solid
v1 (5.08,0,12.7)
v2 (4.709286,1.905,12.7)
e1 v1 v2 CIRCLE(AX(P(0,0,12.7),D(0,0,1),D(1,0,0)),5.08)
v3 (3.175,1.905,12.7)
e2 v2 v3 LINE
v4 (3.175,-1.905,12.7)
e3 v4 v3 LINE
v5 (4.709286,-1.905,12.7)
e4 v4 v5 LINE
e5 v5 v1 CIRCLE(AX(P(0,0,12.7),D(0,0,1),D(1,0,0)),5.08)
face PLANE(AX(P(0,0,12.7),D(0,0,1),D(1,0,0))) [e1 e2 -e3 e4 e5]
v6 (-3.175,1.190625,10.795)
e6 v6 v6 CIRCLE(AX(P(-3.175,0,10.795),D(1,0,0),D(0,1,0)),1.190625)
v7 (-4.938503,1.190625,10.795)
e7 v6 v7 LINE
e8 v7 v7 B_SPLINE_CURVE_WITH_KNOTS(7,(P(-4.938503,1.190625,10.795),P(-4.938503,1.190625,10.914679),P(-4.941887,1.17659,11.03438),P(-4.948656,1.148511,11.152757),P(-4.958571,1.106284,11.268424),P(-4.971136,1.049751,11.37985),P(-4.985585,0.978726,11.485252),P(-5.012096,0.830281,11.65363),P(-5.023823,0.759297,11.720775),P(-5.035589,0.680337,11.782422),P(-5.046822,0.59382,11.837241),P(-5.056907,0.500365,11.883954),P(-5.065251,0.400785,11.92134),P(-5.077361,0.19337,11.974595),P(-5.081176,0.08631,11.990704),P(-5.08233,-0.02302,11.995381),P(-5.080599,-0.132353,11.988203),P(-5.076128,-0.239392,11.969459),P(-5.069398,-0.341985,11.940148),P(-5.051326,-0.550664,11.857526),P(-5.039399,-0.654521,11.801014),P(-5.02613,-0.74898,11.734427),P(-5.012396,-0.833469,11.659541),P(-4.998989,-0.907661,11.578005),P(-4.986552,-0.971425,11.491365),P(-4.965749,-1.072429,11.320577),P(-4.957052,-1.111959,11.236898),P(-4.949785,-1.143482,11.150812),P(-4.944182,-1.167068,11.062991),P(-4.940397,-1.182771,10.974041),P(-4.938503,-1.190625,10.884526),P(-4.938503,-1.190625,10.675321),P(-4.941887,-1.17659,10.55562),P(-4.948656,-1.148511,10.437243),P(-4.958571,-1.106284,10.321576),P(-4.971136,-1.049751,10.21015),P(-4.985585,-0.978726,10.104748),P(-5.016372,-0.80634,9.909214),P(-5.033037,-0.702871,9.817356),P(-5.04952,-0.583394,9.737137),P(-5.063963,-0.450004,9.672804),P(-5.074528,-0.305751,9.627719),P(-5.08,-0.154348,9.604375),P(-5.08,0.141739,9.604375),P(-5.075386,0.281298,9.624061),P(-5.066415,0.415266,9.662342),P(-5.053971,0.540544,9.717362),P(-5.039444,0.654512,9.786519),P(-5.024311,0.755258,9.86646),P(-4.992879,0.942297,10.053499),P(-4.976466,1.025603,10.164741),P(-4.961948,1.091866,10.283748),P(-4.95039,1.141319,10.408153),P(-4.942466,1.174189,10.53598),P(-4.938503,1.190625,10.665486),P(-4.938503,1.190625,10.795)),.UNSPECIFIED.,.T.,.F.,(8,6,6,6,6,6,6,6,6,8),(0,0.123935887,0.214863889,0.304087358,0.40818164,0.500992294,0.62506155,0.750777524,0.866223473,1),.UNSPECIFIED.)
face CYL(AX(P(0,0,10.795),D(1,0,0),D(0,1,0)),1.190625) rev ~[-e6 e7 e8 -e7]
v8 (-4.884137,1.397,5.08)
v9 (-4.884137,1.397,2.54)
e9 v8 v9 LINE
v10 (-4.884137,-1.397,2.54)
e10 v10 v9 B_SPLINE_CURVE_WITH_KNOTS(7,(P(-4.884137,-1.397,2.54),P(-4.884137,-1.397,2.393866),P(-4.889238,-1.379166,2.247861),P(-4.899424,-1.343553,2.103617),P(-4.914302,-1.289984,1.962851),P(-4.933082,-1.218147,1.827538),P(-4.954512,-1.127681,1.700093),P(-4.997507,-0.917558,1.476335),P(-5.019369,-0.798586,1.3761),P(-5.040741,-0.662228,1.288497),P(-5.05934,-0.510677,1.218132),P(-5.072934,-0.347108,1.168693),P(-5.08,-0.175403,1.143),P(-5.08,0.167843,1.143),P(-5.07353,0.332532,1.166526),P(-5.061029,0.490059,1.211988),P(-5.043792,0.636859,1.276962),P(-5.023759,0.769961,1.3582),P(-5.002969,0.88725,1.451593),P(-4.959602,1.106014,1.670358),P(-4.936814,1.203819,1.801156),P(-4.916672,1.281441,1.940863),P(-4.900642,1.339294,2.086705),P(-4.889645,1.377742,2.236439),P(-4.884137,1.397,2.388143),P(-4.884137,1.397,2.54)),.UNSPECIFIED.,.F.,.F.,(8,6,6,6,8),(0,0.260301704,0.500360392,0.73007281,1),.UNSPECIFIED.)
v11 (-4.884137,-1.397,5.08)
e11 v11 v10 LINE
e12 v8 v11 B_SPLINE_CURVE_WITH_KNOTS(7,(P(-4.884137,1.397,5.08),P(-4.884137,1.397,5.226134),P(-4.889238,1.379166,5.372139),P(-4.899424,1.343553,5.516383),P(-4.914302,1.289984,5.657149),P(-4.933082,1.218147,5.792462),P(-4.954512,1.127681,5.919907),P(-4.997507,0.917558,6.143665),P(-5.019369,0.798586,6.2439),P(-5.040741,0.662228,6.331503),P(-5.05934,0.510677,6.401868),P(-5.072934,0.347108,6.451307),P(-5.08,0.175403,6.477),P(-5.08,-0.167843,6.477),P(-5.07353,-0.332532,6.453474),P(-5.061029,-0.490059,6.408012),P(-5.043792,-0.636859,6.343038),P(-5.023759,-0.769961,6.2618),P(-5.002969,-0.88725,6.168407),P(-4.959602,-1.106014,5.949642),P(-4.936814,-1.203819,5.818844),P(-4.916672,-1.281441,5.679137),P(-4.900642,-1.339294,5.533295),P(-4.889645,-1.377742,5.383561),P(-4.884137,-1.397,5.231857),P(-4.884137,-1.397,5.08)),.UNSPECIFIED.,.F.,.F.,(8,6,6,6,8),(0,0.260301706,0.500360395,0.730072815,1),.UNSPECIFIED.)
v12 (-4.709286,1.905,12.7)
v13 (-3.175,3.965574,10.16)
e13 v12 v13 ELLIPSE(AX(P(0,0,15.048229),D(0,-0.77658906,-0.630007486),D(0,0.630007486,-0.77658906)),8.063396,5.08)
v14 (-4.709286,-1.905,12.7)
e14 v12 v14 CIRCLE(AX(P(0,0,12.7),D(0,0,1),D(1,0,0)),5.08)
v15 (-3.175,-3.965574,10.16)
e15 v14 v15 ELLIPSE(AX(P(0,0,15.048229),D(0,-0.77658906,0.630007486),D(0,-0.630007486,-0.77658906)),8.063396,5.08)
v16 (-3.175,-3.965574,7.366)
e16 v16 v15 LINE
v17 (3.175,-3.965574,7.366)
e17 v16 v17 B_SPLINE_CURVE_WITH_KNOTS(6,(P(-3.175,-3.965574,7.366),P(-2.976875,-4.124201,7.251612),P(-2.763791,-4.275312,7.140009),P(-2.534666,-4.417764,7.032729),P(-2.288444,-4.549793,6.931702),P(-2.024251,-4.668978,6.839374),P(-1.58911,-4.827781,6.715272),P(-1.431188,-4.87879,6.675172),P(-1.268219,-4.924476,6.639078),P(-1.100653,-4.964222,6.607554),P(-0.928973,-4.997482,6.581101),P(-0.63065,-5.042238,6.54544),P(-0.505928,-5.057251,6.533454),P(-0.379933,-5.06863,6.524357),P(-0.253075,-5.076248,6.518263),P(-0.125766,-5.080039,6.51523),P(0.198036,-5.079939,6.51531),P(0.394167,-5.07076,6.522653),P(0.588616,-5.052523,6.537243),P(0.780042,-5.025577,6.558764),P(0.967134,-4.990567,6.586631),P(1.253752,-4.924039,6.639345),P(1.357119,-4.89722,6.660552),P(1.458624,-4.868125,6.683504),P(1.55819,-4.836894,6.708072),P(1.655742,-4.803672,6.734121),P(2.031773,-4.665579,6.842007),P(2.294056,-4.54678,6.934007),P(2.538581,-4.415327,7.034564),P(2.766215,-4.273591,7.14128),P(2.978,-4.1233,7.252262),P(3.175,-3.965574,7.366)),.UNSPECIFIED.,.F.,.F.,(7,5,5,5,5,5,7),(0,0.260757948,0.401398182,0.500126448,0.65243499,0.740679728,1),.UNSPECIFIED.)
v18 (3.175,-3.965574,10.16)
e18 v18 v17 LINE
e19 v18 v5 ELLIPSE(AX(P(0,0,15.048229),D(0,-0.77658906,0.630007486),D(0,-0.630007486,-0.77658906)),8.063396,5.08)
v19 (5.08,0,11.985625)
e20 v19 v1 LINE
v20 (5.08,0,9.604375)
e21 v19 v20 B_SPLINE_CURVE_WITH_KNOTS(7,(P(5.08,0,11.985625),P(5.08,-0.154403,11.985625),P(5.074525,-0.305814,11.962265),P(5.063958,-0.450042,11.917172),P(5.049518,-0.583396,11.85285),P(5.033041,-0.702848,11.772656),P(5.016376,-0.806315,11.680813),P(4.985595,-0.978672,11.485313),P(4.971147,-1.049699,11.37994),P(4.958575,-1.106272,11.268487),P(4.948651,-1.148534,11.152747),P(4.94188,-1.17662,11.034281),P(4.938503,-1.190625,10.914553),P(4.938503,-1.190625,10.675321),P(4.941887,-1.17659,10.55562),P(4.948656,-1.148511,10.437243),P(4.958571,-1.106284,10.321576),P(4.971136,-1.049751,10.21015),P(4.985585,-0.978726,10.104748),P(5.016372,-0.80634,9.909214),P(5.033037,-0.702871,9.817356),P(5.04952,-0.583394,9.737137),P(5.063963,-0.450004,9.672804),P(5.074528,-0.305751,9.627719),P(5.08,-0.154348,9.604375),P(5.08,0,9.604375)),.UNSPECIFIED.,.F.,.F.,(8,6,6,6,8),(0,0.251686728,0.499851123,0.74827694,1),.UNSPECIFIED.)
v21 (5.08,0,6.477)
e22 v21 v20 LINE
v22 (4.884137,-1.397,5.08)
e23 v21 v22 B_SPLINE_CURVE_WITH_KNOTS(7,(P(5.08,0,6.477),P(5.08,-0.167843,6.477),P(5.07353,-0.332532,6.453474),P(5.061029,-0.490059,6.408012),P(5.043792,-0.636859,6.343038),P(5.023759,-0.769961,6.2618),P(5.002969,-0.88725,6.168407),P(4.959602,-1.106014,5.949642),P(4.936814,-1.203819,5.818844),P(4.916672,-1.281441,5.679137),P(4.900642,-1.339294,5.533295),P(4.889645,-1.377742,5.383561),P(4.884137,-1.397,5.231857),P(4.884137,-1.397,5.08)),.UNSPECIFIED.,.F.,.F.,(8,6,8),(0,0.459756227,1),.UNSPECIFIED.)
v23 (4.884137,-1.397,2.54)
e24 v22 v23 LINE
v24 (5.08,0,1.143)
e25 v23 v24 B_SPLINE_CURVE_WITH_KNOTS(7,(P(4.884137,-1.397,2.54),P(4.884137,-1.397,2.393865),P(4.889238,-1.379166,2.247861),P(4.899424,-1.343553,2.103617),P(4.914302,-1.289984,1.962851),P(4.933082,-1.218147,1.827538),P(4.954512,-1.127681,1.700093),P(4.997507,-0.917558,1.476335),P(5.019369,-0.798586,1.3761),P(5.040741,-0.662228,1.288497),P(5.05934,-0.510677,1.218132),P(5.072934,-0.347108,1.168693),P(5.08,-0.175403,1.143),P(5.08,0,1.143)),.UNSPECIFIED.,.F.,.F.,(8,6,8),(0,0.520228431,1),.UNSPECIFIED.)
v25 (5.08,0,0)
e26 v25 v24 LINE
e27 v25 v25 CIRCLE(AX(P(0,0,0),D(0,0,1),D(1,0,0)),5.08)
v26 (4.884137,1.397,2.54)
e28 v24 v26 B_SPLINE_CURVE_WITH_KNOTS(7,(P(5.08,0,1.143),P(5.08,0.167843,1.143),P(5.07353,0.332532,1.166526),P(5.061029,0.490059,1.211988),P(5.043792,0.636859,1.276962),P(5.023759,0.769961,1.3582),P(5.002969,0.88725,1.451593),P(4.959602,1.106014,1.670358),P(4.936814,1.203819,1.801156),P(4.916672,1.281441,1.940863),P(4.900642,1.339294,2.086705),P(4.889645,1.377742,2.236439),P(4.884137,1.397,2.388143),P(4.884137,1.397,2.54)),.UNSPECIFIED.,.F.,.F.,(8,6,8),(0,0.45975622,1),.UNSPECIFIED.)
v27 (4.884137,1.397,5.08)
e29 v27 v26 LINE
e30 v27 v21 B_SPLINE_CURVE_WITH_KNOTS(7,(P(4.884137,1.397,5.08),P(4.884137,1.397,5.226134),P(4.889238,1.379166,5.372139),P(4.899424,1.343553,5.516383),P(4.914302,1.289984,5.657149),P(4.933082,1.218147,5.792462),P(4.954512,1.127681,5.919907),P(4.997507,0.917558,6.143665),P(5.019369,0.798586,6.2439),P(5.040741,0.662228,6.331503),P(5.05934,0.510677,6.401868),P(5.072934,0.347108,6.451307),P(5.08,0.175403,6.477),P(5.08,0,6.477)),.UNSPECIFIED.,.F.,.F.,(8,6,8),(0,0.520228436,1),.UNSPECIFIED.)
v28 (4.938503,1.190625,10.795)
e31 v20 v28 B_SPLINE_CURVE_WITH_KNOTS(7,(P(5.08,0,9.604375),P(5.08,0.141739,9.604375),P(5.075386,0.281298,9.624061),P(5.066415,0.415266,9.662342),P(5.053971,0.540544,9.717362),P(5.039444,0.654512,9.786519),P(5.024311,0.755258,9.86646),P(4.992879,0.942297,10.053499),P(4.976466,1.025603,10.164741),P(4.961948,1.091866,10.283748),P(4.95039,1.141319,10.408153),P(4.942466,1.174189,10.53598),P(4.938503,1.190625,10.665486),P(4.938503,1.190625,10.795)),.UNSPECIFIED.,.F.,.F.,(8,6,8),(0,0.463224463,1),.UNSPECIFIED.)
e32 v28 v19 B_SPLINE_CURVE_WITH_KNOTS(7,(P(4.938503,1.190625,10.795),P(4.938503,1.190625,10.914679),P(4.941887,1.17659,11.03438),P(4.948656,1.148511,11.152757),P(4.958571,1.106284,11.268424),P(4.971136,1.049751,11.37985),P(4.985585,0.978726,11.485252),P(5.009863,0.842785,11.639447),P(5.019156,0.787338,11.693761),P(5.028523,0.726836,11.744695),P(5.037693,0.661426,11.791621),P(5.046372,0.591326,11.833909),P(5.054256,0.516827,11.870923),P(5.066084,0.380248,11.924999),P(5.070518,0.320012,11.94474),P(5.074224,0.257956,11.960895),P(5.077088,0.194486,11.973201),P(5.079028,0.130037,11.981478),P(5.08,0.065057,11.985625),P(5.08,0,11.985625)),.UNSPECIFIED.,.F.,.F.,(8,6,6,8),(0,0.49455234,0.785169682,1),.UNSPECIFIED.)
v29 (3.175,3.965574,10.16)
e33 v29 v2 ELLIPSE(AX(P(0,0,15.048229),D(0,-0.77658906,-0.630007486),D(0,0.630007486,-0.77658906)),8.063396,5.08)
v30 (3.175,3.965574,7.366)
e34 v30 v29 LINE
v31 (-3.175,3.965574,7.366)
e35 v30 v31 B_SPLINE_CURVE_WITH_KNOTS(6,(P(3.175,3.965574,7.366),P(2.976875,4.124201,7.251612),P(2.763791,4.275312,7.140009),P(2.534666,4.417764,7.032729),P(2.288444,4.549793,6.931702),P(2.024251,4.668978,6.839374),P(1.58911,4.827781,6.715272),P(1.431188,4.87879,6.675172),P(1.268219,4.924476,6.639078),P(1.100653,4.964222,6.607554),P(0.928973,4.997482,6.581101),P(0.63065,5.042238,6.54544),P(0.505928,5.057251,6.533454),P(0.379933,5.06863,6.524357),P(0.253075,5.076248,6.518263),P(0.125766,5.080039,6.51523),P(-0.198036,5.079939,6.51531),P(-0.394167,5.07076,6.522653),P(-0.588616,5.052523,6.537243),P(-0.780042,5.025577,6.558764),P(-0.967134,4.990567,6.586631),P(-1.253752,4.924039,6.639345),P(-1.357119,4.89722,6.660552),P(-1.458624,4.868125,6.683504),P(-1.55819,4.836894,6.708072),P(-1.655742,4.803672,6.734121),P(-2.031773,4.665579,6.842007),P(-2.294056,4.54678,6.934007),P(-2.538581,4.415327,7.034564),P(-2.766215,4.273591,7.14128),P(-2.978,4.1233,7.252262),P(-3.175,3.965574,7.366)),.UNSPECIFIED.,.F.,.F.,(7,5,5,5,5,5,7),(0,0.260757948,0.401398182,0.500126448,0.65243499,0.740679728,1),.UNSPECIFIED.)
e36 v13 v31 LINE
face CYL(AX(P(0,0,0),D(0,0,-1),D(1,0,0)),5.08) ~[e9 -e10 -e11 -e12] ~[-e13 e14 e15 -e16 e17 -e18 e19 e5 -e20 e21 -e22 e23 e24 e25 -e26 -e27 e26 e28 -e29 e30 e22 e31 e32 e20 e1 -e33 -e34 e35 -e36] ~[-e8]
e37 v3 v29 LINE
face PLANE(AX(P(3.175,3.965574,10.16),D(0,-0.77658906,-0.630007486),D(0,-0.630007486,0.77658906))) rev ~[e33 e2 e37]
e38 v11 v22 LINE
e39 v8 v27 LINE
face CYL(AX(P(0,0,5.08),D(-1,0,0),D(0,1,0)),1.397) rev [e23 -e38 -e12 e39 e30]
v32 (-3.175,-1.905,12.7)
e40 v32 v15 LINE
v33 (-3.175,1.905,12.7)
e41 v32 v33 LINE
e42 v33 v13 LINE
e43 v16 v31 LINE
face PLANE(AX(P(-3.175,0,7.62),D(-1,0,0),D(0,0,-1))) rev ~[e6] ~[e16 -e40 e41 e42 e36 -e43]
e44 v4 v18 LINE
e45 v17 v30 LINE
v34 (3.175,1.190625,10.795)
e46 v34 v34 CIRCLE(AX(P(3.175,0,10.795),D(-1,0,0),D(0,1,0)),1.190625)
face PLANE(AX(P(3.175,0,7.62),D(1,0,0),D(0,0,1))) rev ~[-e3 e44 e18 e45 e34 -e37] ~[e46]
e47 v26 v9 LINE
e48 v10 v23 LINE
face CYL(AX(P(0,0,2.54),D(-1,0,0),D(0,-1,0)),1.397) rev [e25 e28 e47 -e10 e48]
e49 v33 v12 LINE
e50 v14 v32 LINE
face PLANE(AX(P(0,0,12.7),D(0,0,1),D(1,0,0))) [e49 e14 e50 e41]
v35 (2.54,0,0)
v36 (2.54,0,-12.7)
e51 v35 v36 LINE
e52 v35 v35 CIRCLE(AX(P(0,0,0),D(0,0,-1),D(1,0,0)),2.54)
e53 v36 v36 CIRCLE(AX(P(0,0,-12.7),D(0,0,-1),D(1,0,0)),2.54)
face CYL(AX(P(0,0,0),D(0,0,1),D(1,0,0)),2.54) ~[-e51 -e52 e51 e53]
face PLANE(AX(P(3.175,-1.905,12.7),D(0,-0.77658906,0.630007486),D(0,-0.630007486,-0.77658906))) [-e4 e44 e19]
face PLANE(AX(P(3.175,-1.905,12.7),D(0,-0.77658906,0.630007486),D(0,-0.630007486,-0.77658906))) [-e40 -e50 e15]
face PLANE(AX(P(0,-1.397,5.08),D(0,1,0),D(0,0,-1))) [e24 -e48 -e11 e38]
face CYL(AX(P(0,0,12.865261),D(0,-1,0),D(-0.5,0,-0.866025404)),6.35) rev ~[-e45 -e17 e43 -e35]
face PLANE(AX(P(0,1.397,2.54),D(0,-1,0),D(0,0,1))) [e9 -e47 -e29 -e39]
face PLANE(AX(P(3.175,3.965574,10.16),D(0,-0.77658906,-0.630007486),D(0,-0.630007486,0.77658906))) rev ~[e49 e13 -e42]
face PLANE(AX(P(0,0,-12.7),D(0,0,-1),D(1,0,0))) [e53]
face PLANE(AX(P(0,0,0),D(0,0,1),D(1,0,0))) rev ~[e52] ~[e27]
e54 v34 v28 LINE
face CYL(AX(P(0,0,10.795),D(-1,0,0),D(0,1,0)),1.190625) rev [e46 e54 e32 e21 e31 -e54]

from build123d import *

# Parameters (mm, degrees)
F0_R          = 5.08
F1_DEPTH      = 12.7
F2_R          = 2.54
F3_DEPTH      = 12.7
F4_W          = 6.35
F4_H          = 5.08
F5_DEPTH      = 12.7
F7_DEPTH      = 5.081
F7_DEPTH_BACK = 5.081
F8_R          = 1.190625
F9_DEPTH      = 5.0810001
F9_DEPTH_BACK = 5.0810001
F11_DEPTH     = 12.7
F13_DEPTH     = 12.7


with BuildPart() as f1:
    # F0 (on Top) → F1 (new body)
    with BuildSketch(Plane.XY):
        Circle(F0_R)
    extrude(amount=F1_DEPTH)

    # F2 (on face) → F3 (join)
    with BuildSketch(Plane(origin=(0, 0, 0), x_dir=(1, 0, 0), z_dir=(0, 0, -1))):
        Circle(F2_R)
    extrude(amount=F3_DEPTH)

    # F4 (on Front) → F5 (cut, symmetric)
    with BuildSketch(Plane.XZ):
        with Locations((0, 10.16)):
            Rectangle(F4_W, F4_H)
    extrude(amount=F5_DEPTH, both=True, mode=Mode.SUBTRACT)

    # F6 (on Right) → F7 (cut, two sides)
    with BuildSketch(Plane.YZ) as f7_sk:
        with BuildLine():
            ThreePointArc((1.397, 5.08), (0, 6.477), (-1.397, 5.08))
            Line((-1.397, 5.08), (-1.397, 2.54))
            ThreePointArc((-1.397, 2.54), (0, 1.143), (1.397, 2.54))
            Line((1.397, 2.54), (1.397, 5.08))
        make_face()
    extrude(amount=F7_DEPTH, mode=Mode.SUBTRACT)
    extrude(f7_sk.sketch, amount=-F7_DEPTH_BACK, mode=Mode.SUBTRACT)

    # F8 (on Right) → F9 (cut, two sides)
    with BuildSketch(Plane.YZ) as f9_sk:
        with Locations((0, 10.795)):
            Circle(F8_R)
    extrude(amount=-F9_DEPTH, mode=Mode.SUBTRACT)
    extrude(f9_sk.sketch, amount=F9_DEPTH_BACK, mode=Mode.SUBTRACT)

    # F10 (on face) → F11 (cut, symmetric)
    with BuildSketch(Plane(origin=(3.175, 0, 0), x_dir=(0, -1, 0), z_dir=(-1, 0, 0))):
        Polygon((3.965573729, 10.16), (3.965573729, 12.7), (1.905, 12.7), align=None)
        Polygon((-3.965573729, 10.16), (-1.905, 12.7), (-3.965573729, 12.7), align=None)
    extrude(amount=F11_DEPTH, both=True, mode=Mode.SUBTRACT)

    # F12 (on Front) → F13 (cut, symmetric)
    with BuildSketch(Plane.XZ):
        with BuildLine():
            Line((3.175, 7.366), (3.175, 7.62))
            Line((3.175, 7.62), (-3.175, 7.62))
            Line((-3.175, 7.62), (-3.175, 7.366))
            ThreePointArc((-3.175, 7.366), (0, 6.515261314), (3.175, 7.366))
        make_face()
    extrude(amount=F13_DEPTH, both=True, mode=Mode.SUBTRACT)


solid = f1.part
